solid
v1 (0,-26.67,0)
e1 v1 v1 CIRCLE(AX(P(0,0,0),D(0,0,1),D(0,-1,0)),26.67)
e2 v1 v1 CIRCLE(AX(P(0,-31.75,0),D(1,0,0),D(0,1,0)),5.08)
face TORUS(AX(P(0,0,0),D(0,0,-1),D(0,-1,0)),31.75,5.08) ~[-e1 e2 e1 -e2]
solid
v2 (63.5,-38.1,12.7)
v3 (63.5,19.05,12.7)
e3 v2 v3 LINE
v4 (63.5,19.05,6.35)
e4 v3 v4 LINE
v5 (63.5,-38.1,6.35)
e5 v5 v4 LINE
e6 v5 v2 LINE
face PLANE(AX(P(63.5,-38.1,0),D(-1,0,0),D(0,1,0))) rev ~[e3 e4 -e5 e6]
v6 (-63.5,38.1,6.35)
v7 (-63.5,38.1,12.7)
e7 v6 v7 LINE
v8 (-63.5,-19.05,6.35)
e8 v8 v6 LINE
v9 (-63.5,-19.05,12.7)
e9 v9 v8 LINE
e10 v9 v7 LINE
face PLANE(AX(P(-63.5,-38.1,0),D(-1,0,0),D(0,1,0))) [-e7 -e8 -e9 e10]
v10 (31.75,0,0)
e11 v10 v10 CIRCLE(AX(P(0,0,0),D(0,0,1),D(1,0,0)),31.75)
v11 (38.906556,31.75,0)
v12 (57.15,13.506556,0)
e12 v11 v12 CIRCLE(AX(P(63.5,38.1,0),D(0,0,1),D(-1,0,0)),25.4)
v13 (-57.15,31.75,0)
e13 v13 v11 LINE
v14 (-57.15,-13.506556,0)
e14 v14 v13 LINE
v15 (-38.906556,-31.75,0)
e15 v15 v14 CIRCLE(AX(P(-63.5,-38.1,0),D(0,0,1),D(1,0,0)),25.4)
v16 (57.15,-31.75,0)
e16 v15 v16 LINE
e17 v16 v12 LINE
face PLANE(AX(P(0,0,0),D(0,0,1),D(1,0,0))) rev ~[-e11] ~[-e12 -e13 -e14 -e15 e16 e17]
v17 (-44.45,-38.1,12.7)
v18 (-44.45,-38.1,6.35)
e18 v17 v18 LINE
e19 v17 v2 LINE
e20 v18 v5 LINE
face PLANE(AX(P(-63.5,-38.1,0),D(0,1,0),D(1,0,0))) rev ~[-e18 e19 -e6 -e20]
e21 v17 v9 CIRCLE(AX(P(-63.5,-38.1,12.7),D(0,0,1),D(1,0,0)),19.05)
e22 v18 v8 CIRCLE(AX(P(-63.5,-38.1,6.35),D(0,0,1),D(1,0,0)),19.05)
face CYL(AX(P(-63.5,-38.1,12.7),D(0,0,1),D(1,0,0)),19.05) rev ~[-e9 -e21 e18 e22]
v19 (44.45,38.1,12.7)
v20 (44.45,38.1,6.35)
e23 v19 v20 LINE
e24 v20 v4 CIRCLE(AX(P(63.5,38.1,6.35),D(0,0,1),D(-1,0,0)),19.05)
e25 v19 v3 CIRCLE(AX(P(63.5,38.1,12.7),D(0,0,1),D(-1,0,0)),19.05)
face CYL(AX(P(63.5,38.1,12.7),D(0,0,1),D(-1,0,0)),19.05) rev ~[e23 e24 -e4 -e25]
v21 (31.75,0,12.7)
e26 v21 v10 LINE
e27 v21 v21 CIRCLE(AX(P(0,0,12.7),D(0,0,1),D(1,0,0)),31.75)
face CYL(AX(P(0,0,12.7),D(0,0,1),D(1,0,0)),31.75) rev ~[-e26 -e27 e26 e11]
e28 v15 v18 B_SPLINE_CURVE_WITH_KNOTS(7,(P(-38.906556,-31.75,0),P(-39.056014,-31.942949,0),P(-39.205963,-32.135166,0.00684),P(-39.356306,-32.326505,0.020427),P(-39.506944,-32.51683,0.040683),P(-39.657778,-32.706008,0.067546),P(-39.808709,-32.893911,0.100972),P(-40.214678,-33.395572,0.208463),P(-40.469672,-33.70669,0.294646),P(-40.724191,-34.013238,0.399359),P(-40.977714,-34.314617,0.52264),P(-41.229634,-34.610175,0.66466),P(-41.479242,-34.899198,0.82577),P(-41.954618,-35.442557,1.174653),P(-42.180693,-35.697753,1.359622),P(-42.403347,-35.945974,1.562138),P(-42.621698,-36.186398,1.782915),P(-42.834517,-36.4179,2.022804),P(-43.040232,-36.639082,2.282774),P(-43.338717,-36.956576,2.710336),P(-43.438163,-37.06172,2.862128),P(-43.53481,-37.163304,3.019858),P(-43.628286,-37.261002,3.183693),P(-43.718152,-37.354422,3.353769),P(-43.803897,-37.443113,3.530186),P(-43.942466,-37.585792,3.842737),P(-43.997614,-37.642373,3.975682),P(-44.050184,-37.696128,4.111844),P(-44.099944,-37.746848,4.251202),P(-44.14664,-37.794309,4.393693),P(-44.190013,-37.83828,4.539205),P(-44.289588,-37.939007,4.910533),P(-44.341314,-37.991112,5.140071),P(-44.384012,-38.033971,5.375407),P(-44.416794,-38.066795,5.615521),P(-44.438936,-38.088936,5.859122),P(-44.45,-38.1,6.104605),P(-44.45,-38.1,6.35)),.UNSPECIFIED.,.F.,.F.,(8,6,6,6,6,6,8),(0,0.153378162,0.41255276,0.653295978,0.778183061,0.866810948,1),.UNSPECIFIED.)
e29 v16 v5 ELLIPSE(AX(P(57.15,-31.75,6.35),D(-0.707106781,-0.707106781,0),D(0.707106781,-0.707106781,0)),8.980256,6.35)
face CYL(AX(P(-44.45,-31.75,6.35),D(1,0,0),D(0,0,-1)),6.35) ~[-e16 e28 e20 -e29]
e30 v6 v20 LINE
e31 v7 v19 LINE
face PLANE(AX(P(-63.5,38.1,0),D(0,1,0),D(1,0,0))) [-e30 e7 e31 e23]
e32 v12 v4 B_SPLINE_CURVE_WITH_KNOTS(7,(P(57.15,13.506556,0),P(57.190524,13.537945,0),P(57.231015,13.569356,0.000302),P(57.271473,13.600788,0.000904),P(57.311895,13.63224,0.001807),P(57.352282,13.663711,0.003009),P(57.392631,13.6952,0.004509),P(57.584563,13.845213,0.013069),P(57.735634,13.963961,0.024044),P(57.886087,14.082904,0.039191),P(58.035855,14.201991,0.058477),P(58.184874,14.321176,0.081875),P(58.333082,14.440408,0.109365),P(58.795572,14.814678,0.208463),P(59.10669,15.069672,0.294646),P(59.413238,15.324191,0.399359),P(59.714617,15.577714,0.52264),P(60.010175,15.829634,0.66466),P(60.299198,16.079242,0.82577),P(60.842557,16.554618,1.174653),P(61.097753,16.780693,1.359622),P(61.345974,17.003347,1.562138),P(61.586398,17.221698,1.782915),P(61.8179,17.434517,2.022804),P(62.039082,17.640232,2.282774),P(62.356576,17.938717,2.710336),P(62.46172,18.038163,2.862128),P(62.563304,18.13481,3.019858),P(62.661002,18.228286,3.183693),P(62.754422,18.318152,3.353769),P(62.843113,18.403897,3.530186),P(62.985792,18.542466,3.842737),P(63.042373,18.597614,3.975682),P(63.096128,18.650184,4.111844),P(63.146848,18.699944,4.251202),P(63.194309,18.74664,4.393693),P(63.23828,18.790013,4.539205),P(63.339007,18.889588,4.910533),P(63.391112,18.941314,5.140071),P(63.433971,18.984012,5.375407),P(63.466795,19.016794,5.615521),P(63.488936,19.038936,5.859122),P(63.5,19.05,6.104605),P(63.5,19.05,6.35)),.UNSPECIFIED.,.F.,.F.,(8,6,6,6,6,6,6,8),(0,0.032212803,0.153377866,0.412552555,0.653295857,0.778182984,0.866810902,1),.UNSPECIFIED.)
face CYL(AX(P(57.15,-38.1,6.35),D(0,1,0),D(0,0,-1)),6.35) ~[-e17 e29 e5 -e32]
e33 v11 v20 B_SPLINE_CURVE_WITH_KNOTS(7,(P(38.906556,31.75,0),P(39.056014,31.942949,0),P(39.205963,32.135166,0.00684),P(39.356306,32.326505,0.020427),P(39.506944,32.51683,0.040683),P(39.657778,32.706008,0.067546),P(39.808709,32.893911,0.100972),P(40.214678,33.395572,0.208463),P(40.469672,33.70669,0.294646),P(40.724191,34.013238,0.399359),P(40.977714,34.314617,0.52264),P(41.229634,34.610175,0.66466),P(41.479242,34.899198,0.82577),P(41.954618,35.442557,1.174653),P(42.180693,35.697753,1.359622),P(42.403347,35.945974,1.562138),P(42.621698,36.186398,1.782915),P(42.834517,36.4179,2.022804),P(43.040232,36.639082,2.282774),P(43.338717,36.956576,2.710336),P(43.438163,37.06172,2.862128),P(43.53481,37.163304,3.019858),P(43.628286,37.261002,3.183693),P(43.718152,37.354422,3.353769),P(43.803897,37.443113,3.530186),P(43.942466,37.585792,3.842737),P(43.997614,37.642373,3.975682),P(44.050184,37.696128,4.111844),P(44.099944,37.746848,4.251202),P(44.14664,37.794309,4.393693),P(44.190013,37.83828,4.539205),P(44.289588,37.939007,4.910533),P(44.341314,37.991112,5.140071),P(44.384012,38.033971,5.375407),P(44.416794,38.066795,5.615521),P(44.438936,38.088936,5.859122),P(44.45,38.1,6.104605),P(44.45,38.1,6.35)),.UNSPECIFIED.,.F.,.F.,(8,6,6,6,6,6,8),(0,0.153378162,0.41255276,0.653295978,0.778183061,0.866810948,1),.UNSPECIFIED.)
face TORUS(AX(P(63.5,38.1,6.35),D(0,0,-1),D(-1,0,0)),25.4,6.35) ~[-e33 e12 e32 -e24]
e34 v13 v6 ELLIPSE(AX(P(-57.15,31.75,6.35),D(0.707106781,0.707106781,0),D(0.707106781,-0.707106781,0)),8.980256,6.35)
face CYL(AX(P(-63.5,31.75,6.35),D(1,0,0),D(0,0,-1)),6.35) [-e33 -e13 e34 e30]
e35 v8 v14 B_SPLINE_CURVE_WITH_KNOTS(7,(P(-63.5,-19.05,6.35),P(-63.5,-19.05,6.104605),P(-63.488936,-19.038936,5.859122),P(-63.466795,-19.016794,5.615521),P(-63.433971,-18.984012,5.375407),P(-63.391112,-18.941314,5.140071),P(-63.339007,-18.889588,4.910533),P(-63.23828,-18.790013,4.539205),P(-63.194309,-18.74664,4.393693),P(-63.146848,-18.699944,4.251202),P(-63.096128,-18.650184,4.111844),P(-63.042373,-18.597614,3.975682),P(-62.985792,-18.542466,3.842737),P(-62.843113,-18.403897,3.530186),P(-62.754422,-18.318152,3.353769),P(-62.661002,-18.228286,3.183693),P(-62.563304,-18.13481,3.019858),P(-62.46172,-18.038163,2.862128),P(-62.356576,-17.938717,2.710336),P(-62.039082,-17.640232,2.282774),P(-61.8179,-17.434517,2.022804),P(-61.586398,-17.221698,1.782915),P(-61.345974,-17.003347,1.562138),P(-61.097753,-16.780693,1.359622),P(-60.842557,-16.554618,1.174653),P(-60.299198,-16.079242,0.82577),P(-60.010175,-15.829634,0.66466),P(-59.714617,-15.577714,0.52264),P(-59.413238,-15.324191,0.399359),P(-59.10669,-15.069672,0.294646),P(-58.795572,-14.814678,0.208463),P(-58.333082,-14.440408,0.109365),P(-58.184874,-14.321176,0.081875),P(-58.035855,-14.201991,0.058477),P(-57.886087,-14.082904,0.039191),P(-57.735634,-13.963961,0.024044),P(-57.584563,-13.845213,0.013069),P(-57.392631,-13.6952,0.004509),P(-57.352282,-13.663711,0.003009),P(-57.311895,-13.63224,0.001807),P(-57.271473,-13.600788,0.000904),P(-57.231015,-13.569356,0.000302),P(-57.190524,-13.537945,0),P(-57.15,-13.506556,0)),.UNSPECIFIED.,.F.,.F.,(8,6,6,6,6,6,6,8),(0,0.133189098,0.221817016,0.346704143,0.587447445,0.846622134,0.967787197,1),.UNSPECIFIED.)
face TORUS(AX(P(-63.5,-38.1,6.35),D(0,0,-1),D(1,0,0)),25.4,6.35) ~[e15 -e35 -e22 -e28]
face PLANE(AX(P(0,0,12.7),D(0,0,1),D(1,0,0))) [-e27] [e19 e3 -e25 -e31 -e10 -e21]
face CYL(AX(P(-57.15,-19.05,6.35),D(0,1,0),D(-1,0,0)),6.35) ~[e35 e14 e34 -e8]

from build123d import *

# Parameters (mm, degrees)
F0_W     = 127
F0_H     = 76.2
F1_DEPTH = 12.7
F2_R     = 31.75
F3_DEPTH = 12.701
F4_R     = 5.08
F6_R     = 6.35


with BuildPart() as f1:
    # F0 (on Top) → F1 (new body)
    with BuildSketch(Plane.XY):
        Rectangle(F0_W, F0_H)
    extrude(amount=F1_DEPTH)

    # F2 (on face) → F3 (cut, through all)
    with BuildSketch(Plane.XY.offset(12.7)):
        with BuildLine():
            ThreePointArc((-44.45, -38.1), (-50.0296158184, -24.6296158184), (-63.5, -19.05))
            Line((-63.5, -19.05), (-63.5, -38.1))
            Line((-63.5, -38.1), (-44.45, -38.1))
        make_face()
        Circle(F2_R)
        with BuildLine():
            Line((63.5, 38.1), (44.45, 38.1))
            ThreePointArc((44.45, 38.1), (50.0296158184, 24.6296158184), (63.5, 19.05))
            Line((63.5, 19.05), (63.5, 38.1))
        make_face()
    extrude(amount=-F3_DEPTH, mode=Mode.SUBTRACT)

    # F6
    f6_edges = [f1.edges().sort_by_distance(p)[0] for p in [
        (9.525, -38.1, 0),
        (63.5, -9.525, 0),
        (50.029616, 24.629616, 0),
        (-9.525, 38.1, 0),
        (-63.5, 9.525, 0),
        (-50.029616, -24.629616, 0),
    ]]
    fillet(f6_edges, radius=F6_R)


with BuildPart() as f5:
    # F4 (on Right) → F5 (revolve)
    with BuildSketch(Plane.YZ):
        with Locations((-31.75, 0)):
            Circle(F4_R)
    revolve(axis=Axis((0, 0, 38.1), (0, 0, 1)))


solid = Compound([f1.part, f5.part])
